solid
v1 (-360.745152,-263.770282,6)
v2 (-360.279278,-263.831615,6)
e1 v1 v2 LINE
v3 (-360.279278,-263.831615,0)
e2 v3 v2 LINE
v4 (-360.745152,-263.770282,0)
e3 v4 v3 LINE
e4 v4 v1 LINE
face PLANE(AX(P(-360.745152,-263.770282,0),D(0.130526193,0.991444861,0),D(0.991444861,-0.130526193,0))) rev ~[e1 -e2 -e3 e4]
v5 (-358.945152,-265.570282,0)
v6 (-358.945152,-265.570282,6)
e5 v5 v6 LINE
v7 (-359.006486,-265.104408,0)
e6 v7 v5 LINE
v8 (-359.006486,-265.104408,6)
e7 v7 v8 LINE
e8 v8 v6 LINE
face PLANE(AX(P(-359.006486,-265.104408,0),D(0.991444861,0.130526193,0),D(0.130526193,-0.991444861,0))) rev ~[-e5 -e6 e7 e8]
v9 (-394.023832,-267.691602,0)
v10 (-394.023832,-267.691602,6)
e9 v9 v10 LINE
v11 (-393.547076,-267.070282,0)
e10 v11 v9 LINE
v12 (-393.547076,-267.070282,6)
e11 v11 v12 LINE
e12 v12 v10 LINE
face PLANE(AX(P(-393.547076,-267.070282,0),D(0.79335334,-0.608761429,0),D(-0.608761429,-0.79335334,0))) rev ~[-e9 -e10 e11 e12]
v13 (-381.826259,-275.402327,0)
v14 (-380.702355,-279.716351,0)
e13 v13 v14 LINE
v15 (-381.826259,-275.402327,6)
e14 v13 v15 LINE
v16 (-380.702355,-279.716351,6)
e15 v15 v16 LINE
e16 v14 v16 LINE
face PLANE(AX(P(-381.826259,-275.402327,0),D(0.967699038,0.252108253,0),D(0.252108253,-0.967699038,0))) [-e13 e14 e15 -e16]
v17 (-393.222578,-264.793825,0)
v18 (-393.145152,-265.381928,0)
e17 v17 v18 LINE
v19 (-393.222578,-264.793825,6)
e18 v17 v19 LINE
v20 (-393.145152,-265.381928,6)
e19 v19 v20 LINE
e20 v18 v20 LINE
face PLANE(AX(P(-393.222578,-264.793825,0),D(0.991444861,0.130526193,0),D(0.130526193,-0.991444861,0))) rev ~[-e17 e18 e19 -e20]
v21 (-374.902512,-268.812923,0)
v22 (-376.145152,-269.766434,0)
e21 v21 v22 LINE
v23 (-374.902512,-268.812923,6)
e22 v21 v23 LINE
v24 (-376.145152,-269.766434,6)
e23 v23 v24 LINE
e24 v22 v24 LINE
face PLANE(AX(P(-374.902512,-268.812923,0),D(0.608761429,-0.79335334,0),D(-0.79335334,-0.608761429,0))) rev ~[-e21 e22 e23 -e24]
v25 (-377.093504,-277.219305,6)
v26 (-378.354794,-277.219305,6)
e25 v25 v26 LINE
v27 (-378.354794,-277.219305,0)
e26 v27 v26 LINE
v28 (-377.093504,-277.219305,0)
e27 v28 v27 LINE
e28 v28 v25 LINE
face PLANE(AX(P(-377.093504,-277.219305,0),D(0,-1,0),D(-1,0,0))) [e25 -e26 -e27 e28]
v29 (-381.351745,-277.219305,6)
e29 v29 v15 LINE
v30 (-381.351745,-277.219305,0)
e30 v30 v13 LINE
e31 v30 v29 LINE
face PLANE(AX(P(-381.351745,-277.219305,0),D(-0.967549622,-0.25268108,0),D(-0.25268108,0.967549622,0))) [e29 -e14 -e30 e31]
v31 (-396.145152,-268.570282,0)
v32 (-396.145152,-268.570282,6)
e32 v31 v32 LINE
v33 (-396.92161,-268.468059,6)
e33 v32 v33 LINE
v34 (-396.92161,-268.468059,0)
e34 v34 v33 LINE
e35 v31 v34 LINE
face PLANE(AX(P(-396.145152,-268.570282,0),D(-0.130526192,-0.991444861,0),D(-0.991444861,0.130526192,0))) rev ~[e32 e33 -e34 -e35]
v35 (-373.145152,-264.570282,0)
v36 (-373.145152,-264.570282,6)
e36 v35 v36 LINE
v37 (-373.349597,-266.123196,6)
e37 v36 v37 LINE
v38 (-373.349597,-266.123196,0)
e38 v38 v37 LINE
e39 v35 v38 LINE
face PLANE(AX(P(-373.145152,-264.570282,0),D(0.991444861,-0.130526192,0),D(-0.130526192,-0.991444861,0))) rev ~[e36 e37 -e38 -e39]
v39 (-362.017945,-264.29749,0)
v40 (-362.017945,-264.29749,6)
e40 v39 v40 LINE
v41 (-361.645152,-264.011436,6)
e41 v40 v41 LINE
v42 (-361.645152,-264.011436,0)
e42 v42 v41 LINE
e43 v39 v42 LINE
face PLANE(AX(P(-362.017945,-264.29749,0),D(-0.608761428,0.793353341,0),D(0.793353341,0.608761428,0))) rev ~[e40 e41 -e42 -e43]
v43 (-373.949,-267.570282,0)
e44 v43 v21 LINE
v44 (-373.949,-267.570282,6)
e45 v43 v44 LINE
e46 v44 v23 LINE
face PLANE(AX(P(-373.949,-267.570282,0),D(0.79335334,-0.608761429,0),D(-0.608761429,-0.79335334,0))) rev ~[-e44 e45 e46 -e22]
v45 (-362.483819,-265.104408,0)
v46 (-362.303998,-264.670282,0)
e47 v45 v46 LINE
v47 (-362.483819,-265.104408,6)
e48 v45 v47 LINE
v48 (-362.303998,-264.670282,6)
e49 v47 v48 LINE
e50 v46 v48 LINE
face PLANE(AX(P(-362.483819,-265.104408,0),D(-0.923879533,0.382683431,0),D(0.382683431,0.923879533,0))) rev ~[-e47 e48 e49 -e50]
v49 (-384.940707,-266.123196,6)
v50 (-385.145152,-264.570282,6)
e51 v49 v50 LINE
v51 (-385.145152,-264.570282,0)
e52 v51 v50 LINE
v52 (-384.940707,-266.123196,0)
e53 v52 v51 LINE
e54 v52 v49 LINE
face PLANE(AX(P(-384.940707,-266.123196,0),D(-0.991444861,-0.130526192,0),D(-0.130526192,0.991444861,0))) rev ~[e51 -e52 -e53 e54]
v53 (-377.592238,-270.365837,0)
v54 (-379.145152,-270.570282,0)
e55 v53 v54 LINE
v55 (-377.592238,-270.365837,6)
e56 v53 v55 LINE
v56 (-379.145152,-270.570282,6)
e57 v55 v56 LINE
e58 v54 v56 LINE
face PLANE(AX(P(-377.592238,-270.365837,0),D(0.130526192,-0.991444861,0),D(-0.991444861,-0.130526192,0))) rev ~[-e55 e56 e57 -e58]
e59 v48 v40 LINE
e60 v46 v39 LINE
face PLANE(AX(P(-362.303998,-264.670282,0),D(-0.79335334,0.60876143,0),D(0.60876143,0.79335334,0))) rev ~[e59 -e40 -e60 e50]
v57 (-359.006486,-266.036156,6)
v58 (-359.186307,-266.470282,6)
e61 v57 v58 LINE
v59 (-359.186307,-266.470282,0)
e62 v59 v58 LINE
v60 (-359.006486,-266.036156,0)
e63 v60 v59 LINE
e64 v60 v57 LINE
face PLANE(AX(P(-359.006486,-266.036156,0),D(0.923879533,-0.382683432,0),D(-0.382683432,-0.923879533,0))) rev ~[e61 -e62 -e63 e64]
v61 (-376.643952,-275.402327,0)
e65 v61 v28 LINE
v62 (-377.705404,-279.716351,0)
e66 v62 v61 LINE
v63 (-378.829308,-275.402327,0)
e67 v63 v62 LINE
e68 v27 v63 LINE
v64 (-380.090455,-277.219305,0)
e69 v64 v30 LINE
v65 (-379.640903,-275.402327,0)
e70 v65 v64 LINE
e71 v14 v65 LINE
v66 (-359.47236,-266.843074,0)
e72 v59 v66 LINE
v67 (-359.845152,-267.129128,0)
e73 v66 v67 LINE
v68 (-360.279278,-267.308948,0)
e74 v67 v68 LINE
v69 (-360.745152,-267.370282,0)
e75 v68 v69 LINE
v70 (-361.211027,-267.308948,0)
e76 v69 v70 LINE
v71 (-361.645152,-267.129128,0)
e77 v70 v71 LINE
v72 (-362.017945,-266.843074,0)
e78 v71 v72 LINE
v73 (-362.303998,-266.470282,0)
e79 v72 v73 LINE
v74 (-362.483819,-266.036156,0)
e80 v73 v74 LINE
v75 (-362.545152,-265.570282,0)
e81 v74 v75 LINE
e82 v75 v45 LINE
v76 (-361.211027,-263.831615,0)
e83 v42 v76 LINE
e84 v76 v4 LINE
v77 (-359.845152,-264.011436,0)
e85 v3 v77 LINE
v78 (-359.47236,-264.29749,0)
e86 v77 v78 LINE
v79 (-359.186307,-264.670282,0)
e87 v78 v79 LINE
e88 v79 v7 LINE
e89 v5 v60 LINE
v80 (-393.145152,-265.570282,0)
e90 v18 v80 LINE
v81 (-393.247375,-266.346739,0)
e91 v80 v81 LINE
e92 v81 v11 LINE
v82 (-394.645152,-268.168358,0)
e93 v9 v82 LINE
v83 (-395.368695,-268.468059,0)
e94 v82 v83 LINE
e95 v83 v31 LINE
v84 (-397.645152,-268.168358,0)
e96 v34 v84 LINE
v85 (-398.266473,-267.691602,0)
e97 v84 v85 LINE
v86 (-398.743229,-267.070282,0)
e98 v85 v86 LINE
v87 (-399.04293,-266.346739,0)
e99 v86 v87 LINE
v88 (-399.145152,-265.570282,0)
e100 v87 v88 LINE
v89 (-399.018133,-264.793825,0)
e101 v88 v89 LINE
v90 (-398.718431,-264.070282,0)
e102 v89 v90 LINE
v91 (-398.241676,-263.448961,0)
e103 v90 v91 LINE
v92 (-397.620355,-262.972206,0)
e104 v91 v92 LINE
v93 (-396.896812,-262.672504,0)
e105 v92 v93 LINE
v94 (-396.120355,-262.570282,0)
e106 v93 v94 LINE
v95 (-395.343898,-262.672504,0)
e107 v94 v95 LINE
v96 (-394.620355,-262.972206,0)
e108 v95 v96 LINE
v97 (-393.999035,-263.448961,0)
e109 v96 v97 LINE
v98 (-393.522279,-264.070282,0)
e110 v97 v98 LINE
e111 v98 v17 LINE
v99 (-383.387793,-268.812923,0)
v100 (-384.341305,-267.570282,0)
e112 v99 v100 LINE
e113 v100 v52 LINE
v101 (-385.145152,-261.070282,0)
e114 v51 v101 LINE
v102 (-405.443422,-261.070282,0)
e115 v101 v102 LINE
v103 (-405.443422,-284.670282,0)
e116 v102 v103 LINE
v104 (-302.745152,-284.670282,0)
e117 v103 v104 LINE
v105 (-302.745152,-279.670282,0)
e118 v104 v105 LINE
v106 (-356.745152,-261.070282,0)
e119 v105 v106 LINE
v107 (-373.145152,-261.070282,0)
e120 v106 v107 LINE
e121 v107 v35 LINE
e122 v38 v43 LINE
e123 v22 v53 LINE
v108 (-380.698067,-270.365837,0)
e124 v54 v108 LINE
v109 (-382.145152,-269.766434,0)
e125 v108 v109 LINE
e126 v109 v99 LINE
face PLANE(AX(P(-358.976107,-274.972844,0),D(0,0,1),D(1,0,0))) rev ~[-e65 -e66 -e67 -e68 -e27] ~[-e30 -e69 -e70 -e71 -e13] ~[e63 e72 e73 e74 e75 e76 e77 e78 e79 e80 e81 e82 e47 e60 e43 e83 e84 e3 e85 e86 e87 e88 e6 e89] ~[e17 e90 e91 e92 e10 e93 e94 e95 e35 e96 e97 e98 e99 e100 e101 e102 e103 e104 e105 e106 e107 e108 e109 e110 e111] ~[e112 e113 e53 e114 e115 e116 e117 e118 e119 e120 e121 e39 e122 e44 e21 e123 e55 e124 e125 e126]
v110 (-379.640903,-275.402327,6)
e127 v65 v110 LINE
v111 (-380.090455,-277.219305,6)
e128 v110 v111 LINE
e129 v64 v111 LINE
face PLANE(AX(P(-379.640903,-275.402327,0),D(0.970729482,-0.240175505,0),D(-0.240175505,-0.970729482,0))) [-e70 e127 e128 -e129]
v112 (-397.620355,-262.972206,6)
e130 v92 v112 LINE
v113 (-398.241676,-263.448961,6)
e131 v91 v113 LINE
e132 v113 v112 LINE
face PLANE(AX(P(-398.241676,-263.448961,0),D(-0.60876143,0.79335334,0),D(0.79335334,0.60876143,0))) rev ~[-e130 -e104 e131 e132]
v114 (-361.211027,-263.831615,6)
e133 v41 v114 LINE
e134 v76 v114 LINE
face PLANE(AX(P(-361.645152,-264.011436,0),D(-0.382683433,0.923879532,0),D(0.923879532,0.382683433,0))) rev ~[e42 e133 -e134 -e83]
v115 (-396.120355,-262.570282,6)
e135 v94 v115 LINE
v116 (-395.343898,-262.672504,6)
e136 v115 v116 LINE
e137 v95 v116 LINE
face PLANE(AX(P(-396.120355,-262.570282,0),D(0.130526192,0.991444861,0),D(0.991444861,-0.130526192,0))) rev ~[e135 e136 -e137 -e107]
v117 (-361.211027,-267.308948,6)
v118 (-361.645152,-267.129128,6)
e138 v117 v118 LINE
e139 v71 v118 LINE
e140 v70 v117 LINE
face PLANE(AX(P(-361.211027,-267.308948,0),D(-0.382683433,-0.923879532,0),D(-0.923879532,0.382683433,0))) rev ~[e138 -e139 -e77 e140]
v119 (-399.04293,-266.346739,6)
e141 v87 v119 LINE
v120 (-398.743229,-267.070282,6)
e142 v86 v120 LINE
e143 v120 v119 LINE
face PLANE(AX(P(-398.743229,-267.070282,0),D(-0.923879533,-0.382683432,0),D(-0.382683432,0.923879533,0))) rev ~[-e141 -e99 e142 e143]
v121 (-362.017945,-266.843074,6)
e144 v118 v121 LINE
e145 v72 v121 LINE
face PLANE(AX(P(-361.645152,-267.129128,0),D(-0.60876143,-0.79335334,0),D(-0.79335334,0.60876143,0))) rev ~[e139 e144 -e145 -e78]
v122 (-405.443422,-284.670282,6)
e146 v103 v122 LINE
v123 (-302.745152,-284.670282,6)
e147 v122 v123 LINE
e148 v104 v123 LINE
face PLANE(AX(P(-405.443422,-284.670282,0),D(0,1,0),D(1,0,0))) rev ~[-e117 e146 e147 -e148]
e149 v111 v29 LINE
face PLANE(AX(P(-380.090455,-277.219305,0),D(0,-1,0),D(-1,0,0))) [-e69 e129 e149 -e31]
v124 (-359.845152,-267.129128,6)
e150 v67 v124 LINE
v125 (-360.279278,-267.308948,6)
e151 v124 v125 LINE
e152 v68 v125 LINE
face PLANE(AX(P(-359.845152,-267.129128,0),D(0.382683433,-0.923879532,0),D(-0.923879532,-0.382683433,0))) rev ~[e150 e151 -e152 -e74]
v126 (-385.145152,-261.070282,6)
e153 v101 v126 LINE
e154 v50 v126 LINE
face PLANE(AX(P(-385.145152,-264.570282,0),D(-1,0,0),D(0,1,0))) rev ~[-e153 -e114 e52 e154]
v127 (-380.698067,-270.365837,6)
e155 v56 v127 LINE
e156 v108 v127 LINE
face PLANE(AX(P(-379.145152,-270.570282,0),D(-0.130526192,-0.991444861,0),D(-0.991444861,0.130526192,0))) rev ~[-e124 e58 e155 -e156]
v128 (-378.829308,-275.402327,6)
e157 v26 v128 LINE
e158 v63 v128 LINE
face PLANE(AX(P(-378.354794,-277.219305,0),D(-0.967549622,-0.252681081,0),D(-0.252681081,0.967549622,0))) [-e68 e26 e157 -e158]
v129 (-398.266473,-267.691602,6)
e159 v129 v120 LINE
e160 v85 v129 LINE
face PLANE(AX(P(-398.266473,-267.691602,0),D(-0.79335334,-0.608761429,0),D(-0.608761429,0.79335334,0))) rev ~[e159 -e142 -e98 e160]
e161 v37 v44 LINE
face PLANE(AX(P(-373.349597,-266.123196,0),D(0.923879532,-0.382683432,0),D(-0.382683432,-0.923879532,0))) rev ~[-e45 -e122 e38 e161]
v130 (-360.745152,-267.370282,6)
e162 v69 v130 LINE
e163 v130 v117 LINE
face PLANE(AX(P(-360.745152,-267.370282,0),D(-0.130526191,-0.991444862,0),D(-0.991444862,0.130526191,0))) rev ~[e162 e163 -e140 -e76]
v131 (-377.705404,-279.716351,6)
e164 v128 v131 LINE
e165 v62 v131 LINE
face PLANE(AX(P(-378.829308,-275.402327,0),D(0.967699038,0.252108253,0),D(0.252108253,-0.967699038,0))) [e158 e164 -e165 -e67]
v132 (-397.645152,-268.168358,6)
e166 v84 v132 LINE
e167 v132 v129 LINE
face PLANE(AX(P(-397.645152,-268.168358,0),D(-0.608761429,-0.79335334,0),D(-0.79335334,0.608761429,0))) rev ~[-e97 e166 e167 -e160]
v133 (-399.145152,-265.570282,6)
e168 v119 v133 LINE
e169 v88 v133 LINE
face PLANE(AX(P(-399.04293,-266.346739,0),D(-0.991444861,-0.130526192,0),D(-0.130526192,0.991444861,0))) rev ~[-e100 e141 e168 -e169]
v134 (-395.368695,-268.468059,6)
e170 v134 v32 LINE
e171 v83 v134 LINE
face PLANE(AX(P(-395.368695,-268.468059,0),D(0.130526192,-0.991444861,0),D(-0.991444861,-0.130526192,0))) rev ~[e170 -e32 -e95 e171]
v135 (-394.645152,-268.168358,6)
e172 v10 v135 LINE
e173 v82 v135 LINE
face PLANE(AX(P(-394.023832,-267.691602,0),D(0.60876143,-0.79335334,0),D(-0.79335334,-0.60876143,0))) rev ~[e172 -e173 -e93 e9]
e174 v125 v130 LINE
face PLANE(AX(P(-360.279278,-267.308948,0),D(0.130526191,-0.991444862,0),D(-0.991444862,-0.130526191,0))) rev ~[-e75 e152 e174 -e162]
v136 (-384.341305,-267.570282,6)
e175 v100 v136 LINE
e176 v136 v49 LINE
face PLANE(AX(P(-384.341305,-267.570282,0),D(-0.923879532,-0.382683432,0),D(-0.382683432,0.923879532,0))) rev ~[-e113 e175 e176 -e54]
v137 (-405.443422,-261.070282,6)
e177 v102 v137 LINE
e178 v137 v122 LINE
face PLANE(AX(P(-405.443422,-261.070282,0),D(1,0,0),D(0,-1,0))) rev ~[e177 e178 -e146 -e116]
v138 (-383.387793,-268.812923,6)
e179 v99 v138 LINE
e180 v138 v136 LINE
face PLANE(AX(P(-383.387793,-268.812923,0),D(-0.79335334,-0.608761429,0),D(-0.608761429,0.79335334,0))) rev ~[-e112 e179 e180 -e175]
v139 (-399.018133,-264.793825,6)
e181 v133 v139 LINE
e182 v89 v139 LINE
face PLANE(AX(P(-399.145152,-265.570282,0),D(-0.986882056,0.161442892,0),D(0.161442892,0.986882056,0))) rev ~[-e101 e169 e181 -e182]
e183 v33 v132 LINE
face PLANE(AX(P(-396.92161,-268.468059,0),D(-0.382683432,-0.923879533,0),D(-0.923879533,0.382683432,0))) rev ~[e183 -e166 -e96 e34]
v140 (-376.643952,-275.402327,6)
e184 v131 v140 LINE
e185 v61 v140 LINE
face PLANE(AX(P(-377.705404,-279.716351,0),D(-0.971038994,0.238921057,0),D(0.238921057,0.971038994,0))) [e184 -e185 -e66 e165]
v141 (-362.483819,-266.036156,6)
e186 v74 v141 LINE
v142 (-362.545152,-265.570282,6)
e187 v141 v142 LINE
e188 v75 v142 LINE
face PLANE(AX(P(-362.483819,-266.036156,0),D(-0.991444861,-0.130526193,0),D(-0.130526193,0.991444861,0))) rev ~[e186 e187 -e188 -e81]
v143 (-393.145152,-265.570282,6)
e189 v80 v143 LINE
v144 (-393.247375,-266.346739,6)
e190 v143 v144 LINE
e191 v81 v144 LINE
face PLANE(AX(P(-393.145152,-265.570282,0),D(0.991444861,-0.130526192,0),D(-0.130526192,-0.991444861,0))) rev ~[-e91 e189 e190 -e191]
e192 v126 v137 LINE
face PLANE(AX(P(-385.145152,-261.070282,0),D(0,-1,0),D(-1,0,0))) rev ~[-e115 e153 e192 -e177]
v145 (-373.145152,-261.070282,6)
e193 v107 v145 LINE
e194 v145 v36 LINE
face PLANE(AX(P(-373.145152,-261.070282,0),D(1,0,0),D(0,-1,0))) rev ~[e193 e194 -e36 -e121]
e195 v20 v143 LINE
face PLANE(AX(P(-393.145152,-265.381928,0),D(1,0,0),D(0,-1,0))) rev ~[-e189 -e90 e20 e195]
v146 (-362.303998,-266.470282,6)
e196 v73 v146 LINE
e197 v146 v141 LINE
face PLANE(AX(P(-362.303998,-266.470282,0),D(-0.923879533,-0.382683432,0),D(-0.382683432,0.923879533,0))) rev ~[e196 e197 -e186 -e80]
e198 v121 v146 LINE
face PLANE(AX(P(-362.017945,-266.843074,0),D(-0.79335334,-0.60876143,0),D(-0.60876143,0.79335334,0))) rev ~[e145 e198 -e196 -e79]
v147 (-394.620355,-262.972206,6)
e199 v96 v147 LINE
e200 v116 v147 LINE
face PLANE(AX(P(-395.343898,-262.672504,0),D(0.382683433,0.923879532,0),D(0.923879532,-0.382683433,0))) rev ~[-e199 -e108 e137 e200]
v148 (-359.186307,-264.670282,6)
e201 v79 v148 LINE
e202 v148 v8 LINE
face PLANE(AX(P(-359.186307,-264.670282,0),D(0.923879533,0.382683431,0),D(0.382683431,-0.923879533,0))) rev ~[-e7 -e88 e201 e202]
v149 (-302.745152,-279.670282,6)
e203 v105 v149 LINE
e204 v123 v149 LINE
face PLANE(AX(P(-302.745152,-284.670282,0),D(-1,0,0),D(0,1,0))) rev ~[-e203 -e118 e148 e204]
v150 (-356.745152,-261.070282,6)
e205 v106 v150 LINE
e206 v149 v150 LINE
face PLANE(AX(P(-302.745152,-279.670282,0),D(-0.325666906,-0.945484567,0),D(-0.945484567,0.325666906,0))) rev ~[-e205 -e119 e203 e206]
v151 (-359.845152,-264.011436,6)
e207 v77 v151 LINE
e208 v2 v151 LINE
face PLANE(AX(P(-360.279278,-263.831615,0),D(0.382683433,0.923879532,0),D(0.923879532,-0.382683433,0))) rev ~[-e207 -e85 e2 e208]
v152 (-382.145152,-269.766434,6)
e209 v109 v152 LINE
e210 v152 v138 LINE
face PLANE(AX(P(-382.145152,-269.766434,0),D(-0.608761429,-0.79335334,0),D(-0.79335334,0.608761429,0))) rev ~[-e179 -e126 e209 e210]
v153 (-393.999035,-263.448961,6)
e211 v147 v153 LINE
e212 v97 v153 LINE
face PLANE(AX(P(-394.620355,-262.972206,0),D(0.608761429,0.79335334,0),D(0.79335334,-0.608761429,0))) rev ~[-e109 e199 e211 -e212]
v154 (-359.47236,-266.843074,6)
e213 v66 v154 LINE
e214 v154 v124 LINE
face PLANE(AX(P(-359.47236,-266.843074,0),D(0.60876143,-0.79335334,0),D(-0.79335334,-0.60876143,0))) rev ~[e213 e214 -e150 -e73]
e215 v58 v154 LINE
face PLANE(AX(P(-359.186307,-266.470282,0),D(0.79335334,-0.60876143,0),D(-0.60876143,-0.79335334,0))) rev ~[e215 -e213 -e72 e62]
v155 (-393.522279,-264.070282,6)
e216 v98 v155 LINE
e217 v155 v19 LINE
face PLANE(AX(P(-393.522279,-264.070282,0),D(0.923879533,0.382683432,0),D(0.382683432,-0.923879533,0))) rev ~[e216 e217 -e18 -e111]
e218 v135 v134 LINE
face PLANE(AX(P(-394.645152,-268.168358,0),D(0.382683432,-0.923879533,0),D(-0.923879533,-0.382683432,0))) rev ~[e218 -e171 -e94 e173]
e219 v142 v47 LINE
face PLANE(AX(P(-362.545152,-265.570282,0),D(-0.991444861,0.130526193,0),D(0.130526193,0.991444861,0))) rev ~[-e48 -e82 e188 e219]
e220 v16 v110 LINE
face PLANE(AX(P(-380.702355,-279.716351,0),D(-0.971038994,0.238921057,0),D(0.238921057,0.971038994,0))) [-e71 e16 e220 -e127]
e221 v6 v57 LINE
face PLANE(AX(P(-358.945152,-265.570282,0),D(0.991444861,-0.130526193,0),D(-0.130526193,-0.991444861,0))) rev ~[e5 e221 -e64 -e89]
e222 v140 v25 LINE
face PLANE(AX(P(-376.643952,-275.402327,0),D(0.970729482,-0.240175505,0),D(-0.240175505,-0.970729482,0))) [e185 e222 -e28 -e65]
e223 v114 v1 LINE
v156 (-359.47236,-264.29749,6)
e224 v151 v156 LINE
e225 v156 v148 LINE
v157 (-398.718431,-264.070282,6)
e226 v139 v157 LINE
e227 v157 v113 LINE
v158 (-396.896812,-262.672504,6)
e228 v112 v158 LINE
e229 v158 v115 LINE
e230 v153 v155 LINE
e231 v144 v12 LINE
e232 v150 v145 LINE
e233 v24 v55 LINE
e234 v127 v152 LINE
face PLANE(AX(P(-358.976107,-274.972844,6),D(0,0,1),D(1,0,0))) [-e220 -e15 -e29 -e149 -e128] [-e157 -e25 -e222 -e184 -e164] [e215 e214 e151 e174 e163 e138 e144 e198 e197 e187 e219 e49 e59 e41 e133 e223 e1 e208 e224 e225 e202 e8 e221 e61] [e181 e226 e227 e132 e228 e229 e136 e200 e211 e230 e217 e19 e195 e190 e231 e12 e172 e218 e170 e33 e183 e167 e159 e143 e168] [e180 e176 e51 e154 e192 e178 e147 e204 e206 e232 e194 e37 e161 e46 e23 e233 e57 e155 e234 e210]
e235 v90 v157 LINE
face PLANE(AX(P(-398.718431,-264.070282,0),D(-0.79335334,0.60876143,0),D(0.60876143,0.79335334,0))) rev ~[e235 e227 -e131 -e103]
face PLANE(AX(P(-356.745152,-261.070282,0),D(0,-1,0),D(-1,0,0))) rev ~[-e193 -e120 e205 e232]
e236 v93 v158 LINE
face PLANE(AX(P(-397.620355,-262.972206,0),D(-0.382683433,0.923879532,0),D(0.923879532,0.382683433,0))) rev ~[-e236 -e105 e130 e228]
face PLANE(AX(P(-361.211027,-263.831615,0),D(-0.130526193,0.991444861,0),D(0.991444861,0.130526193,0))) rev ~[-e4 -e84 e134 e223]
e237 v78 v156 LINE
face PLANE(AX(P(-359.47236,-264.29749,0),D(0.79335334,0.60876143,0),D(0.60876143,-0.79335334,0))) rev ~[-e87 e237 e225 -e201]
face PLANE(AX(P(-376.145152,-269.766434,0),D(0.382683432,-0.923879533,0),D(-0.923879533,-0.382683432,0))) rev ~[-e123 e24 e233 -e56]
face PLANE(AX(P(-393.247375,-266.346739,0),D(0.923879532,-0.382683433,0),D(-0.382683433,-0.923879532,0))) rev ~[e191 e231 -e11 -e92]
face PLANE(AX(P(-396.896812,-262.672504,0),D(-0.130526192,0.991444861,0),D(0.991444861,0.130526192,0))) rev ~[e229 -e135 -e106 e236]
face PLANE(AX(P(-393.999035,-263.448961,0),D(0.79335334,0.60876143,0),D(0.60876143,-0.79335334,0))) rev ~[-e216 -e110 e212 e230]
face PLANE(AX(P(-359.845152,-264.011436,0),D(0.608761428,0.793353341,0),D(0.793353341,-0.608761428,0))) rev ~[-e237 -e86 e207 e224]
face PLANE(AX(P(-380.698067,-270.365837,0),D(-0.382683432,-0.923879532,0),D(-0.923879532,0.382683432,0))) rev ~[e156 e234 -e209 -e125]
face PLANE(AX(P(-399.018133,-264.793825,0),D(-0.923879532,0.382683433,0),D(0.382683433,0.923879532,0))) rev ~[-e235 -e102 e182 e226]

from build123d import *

# Parameters (mm, degrees)
BOSS_EXTRUDE1_DEPTH = 6


with BuildPart() as part:
    # Sketch1 → Boss-Extrude1 (new body)
    with BuildSketch(Plane.XY):
        Polygon((-380.698066711, -270.365836794), (-382.14515244, -269.766434259), (-383.387793127, -268.812922523), (-384.341304863, -267.570281836), (-384.940707398, -266.123196107), (-385.14515244, -264.570281836), (-385.14515244, -261.070281836), (-405.443422321, -261.070281836), (-405.443422321, -284.670281836), (-302.74515244, -284.670281836), (-302.74515244, -279.670281836), (-356.74515244, -261.070281836), (-373.14515244, -261.070281836), (-373.14515244, -264.570281836), (-373.349597482, -266.123196107), (-373.949000017, -267.570281836), (-374.902511753, -268.812922523), (-376.14515244, -269.766434259), (-377.59223817, -270.365836794), (-379.14515244, -270.570281836), align=None)
        Polygon((-359.84515244, -267.129127563), (-360.279278159, -267.308948324), (-360.74515244, -267.370281836), (-361.211026721, -267.308948324), (-361.64515244, -267.129127563), (-362.017944646, -266.843074042), (-362.303998167, -266.470281836), (-362.483818927, -266.036156118), (-362.54515244, -265.570281836), (-362.483818927, -265.104407555), (-362.303998167, -264.670281836), (-362.017944646, -264.29748963), (-361.64515244, -264.01143611), (-361.211026721, -263.831615349), (-360.74515244, -263.770281836), (-360.279278159, -263.831615349), (-359.84515244, -264.01143611), (-359.472360234, -264.29748963), (-359.186306713, -264.670281836), (-359.006485953, -265.104407555), (-358.94515244, -265.570281836), (-359.006485953, -266.036156118), (-359.186306713, -266.470281836), (-359.472360234, -266.843074042), align=None, mode=Mode.SUBTRACT)
        Polygon((-397.620355238, -262.972205625), (-396.896812373, -262.672504357), (-396.120355238, -262.570281836), (-395.343898102, -262.672504357), (-394.620355238, -262.972205625), (-393.999034894, -263.448961493), (-393.522279026, -264.070281836), (-393.222577759, -264.793824701), (-393.14515244, -265.381928384), (-393.14515244, -265.570281836), (-393.247374961, -266.346738972), (-393.547076229, -267.070281836), (-394.023832097, -267.69160218), (-394.64515244, -268.168358048), (-395.368695305, -268.468059315), (-396.14515244, -268.570281836), (-396.921609575, -268.468059315), (-397.64515244, -268.168358048), (-398.266472784, -267.69160218), (-398.743228652, -267.070281836), (-399.042929919, -266.346738972), (-399.14515244, -265.570281836), (-399.018132717, -264.793824701), (-398.718431449, -264.070281836), (-398.241675581, -263.448961493), align=None, mode=Mode.SUBTRACT)
        Polygon((-378.829308223, -275.402326901), (-377.705403878, -279.716351292), (-376.643951896, -275.402326901), (-377.093504107, -277.219304798), (-378.354794122, -277.219304798), align=None, mode=Mode.SUBTRACT)
        Polygon((-381.826259442, -275.402326901), (-380.702355098, -279.716351292), (-379.640903116, -275.402326901), (-380.090455326, -277.219304798), (-381.351745342, -277.219304798), align=None, mode=Mode.SUBTRACT)
    extrude(amount=BOSS_EXTRUDE1_DEPTH)


solid = part.part
